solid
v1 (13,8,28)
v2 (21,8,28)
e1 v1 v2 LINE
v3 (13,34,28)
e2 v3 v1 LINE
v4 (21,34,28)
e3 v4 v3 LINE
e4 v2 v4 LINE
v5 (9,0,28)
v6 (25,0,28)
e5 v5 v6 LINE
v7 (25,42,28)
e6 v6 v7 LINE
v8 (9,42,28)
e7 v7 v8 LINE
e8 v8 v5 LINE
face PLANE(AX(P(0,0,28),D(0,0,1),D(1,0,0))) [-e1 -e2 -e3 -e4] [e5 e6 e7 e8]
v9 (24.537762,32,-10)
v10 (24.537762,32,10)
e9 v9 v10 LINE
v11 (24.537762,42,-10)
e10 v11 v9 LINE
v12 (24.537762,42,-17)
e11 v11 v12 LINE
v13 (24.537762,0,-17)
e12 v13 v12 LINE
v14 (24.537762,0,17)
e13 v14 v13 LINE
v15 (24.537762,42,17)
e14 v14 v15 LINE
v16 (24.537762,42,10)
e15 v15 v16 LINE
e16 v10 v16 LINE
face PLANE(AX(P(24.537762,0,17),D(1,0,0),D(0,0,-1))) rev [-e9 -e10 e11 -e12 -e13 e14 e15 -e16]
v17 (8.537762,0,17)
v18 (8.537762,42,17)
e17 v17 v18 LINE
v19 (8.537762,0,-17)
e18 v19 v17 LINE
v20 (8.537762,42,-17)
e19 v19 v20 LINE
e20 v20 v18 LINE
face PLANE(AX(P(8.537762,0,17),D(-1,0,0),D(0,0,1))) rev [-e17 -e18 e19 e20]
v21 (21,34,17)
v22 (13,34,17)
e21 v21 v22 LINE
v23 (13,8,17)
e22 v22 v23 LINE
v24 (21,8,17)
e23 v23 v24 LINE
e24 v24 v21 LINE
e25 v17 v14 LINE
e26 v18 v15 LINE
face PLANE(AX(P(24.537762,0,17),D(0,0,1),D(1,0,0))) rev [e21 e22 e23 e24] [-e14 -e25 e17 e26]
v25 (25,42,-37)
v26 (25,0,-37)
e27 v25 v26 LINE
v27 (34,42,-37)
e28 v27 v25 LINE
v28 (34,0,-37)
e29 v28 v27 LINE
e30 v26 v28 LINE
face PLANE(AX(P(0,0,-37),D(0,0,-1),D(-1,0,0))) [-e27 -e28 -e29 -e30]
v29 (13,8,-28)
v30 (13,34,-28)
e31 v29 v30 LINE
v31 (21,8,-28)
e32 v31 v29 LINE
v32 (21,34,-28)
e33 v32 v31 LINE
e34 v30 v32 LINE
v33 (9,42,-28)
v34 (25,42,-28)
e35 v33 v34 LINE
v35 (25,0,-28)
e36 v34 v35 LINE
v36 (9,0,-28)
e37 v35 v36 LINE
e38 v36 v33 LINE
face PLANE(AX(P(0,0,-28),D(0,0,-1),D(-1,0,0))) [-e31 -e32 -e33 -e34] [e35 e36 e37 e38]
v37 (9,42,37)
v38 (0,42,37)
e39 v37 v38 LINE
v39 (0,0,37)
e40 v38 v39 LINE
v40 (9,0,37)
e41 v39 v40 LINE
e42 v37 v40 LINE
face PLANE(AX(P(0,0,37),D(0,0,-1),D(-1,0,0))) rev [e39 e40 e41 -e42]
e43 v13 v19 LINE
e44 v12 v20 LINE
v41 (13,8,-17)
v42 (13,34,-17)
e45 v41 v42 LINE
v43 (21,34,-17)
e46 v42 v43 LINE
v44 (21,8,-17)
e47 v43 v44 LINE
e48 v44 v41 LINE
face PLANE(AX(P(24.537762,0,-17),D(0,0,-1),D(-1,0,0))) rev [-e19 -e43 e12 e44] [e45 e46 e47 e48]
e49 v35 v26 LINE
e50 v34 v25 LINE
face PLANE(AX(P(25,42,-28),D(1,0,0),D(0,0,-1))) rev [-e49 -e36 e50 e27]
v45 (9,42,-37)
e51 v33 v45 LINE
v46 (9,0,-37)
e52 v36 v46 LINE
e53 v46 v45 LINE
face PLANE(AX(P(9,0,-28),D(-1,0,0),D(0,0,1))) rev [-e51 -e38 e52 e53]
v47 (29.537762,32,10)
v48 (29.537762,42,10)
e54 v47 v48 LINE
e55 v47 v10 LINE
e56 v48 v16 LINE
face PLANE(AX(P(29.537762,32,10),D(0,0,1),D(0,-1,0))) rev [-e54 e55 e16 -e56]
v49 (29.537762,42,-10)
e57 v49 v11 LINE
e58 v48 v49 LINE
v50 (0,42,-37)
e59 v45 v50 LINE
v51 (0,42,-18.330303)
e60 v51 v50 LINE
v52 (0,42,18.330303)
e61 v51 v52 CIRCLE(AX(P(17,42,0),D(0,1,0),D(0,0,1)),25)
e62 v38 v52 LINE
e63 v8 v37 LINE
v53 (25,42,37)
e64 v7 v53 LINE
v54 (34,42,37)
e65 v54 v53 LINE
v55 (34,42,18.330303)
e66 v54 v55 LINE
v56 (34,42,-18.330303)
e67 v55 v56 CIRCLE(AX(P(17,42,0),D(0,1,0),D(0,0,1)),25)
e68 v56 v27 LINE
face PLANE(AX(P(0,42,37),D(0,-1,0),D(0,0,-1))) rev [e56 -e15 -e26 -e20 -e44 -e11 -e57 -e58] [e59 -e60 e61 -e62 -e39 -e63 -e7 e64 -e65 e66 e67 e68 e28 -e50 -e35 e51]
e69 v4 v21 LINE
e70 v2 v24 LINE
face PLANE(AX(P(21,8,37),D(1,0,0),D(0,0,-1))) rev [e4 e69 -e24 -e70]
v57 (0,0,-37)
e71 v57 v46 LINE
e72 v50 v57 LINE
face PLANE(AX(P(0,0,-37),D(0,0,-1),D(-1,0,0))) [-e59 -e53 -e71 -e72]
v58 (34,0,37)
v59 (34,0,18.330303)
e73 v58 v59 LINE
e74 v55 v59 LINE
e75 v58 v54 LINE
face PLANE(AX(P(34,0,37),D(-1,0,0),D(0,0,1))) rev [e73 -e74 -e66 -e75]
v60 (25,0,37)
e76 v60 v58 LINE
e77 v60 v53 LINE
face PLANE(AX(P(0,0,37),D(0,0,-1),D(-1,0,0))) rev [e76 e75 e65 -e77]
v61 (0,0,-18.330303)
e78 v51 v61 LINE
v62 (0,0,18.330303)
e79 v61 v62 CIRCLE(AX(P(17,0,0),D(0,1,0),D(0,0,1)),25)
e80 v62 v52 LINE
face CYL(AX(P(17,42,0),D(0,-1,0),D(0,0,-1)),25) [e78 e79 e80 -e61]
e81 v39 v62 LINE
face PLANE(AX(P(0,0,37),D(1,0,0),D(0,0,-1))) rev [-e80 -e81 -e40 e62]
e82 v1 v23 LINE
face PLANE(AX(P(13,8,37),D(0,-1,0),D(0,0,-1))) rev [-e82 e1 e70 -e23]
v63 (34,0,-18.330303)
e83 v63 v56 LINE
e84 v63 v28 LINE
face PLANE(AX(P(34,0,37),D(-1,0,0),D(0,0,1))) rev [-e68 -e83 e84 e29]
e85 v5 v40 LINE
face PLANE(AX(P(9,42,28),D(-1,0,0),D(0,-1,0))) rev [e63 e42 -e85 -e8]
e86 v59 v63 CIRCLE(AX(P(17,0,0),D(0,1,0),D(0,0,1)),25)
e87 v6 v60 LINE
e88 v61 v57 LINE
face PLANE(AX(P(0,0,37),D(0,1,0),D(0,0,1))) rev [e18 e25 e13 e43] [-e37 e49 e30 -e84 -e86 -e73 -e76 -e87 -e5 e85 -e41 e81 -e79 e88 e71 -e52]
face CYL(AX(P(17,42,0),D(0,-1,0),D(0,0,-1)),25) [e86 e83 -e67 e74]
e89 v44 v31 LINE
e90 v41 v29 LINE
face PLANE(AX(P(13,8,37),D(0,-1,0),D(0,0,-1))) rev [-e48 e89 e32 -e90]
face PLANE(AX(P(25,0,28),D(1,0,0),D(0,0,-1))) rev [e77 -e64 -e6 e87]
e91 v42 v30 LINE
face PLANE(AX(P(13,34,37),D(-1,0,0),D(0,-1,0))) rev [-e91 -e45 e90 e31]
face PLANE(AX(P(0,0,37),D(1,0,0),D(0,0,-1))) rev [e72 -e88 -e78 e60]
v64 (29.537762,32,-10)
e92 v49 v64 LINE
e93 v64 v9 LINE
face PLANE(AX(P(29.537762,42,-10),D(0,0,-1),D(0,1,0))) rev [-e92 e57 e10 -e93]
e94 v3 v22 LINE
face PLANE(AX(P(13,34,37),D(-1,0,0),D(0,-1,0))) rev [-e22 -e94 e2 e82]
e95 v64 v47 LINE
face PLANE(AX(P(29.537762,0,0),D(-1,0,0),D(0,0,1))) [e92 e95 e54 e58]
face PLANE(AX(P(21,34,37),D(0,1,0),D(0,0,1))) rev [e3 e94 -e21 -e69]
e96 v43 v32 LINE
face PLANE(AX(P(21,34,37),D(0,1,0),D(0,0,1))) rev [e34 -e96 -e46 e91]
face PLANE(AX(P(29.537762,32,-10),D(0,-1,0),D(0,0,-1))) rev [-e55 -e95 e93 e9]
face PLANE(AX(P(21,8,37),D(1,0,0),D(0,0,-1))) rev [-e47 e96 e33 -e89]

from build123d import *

# Parameters (mm, degrees)
SKETCH1_W           = 34
SKETCH1_H           = 42
BOSS_EXTRUDE1_DEPTH = 37
CUT_EXTRUDE1_DEPTH  = 9
CUT_EXTRUDE2_DEPTH  = 9
SKETCH9_R           = 25
BOSS_EXTRUDE3_DEPTH = 42
SKETCH10_W          = 16
SKETCH10_H          = 34
CUT_EXTRUDE5_DEPTH  = 70.978568148
CUT_EXTRUDE6_DEPTH  = 5
SKETCH13_W          = 8
SKETCH13_H          = 26
CUT_EXTRUDE7_DEPTH  = 89.051121515


with BuildPart() as part:
    # Sketch1 → Boss-Extrude1 (new, symmetric)
    with BuildSketch(Plane.XY):
        with Locations((17, 21)):
            Rectangle(SKETCH1_W, SKETCH1_H)
    extrude(amount=BOSS_EXTRUDE1_DEPTH, both=True)

    # Sketch2 → Cut-Extrude1 (cut)
    with BuildSketch(Plane.XY.offset(37)):
        Polygon((17, 42), (9, 42), (9, 0), (17, 0), (25, 0), (25, 42), align=None)
    extrude(amount=-CUT_EXTRUDE1_DEPTH, mode=Mode.SUBTRACT)

    # Sketch3 → Cut-Extrude2 (cut)
    with BuildSketch(Plane(origin=(0, 0, -37), x_dir=(-1, 0, 0), z_dir=(0, 0, -1))):
        Polygon((-17, 42), (-25, 42), (-25, 0), (-17, 0), (-9, 0), (-9, 42), align=None)
    extrude(amount=-CUT_EXTRUDE2_DEPTH, mode=Mode.SUBTRACT)

    # Sketch9 → Boss-Extrude3 (add, through all)
    with BuildSketch(Plane(origin=(0, 0, 0), x_dir=(1, 0, 0), z_dir=(0, 1, 0))):
        with Locations((17, 0)):
            Circle(SKETCH9_R)
    extrude(amount=BOSS_EXTRUDE3_DEPTH)

    # Sketch10 → Cut-Extrude5 (cut, through all)
    with BuildSketch(Plane(origin=(0, 42, 0), x_dir=(1, 0, 0), z_dir=(0, 1, 0))):
        with Locations((16.53776174, 0)):
            Rectangle(SKETCH10_W, SKETCH10_H)
    extrude(amount=-CUT_EXTRUDE5_DEPTH, mode=Mode.SUBTRACT)

    # Sketch11 → Cut-Extrude6 (cut)
    with BuildSketch(Plane.ZY.offset(-24.53776174)):
        Polygon((0, 42), (-10, 42), (-10, 32), (10, 32), (10, 42), align=None)
    extrude(amount=-CUT_EXTRUDE6_DEPTH, mode=Mode.SUBTRACT)

    # Sketch13 → Cut-Extrude7 (cut, through all)
    with BuildSketch(Plane(origin=(0, 0, -28), x_dir=(-1, 0, 0), z_dir=(0, 0, -1))):
        with Locations((-17, 21)):
            Rectangle(SKETCH13_W, SKETCH13_H)
    extrude(amount=-CUT_EXTRUDE7_DEPTH, mode=Mode.SUBTRACT)


solid = part.part
